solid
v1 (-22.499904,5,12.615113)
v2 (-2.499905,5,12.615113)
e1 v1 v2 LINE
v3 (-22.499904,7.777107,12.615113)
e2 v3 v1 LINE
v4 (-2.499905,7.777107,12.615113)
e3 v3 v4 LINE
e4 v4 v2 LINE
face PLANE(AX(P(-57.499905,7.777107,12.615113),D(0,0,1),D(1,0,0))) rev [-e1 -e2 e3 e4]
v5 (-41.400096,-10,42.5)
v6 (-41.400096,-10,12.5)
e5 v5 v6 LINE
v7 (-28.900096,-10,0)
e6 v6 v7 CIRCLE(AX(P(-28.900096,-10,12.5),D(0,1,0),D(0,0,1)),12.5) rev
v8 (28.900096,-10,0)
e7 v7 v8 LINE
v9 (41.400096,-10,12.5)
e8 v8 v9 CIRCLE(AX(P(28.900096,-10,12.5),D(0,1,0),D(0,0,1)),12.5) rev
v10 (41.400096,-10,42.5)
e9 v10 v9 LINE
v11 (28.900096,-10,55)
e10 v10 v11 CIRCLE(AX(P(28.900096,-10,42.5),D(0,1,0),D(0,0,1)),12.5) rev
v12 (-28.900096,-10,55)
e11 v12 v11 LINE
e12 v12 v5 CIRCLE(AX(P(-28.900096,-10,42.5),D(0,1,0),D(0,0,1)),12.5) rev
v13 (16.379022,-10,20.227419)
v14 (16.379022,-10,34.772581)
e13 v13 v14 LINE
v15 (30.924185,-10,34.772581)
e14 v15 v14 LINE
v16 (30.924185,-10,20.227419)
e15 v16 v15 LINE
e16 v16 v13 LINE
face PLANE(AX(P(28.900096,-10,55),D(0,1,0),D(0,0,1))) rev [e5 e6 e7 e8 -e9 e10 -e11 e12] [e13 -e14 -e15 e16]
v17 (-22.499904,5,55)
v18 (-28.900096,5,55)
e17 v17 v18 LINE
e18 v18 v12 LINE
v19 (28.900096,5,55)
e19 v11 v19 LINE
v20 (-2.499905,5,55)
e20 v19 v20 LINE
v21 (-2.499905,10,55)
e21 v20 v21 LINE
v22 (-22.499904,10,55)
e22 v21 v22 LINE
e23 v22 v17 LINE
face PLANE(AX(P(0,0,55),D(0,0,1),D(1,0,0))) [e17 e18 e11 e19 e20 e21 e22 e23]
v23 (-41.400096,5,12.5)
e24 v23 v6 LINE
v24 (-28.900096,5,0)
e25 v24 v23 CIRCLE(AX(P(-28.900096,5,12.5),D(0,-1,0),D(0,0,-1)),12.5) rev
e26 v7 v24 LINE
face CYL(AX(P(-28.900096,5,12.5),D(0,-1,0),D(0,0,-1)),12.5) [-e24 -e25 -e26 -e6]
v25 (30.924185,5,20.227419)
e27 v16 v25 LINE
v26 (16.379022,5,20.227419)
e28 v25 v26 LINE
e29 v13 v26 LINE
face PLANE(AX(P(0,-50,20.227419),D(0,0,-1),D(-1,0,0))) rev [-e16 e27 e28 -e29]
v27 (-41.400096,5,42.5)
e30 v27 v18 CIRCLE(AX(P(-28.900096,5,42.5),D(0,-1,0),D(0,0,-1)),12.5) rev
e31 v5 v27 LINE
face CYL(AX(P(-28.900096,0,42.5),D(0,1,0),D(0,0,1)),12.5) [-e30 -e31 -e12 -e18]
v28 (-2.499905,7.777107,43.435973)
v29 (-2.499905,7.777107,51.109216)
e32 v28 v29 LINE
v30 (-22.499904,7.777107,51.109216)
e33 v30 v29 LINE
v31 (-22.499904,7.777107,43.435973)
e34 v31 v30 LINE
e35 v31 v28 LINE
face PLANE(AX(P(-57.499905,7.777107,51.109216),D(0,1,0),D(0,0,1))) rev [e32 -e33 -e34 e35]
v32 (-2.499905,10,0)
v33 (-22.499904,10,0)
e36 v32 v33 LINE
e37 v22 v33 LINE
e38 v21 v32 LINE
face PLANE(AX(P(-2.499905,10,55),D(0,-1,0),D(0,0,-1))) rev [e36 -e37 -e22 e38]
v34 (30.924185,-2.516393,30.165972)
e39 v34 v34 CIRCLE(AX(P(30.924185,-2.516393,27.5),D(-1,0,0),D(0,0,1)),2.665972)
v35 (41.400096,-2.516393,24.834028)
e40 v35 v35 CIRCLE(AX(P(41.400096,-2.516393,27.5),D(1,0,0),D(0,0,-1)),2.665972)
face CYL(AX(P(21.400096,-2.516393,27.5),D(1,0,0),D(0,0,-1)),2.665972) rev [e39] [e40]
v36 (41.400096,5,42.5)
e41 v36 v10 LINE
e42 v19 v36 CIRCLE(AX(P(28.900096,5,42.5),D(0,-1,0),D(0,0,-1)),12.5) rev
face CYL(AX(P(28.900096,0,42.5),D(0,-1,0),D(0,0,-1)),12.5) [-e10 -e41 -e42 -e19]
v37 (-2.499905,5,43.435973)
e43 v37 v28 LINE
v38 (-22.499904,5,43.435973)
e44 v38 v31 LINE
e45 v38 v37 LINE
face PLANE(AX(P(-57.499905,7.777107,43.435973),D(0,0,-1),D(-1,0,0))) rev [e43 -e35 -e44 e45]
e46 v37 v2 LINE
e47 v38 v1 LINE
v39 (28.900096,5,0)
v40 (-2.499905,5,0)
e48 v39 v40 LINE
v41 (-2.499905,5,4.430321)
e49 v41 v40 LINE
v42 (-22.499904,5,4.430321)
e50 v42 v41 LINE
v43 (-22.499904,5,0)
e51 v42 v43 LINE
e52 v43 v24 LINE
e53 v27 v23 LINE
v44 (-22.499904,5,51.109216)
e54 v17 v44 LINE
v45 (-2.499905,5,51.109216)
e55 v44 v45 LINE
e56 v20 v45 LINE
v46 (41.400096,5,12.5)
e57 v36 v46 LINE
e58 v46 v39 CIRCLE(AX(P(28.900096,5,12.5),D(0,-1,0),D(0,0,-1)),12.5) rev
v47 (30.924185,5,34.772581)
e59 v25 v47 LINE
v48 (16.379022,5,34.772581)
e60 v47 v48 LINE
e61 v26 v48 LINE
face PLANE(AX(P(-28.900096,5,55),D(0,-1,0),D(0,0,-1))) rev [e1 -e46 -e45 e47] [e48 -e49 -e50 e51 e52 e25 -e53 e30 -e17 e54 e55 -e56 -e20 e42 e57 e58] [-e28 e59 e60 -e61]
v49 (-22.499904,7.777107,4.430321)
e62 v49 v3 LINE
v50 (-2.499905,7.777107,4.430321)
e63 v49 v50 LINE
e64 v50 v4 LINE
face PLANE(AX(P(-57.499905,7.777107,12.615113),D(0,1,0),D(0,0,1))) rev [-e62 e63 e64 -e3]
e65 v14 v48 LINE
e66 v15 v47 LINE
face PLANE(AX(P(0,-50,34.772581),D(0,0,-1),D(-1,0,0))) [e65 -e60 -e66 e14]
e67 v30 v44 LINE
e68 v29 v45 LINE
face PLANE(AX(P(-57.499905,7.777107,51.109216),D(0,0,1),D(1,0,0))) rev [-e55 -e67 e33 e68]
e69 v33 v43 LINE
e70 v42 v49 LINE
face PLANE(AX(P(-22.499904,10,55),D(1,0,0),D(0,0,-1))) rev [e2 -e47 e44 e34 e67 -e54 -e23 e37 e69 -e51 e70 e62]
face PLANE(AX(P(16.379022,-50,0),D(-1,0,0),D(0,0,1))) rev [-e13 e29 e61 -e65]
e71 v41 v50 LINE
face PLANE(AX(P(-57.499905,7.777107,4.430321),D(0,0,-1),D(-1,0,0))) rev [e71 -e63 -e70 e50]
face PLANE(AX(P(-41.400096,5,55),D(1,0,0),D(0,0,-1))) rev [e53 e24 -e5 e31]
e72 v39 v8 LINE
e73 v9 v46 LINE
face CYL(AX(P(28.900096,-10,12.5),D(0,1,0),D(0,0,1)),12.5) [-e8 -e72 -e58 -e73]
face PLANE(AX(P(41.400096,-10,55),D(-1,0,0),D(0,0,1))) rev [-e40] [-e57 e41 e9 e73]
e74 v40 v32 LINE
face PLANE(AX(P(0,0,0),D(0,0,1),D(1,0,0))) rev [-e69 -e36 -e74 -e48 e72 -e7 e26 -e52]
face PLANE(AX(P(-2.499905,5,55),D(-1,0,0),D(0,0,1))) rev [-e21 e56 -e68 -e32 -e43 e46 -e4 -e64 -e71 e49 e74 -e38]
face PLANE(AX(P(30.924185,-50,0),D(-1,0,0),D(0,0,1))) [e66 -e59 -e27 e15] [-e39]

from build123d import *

# Parameters (mm, degrees)
BOSS_EXTRUDE1_DEPTH = 55
SKETCH2_W           = 14.545162339
SKETCH2_H           = 14.545162338
CUT_EXTRUDE1_DEPTH  = 55
SKETCH3_W           = 7.673243051
SKETCH3_H           = 2.777107306
SKETCH3_W_2         = 8.184792588
CUT_EXTRUDE2_DEPTH  = 55
SKETCH4_R           = 2.665972182
CUT_EXTRUDE3_DEPTH  = 20
FILLET1_R           = 12.5


with BuildPart() as part:
    # Sketch1 → Boss-Extrude1 (new body)
    with BuildSketch(Plane.XY):
        Polygon((41.400095641, 5), (28.900095641, 5), (-2.499905164, 5), (-2.499905164, 10), (-22.499903554, 10), (-22.499903554, 5), (-28.900095641, 5), (-41.400095641, 5), (-41.400095641, -10), (-28.900095641, -10), (28.900095641, -10), (41.400095641, -10), align=None)
    extrude(amount=BOSS_EXTRUDE1_DEPTH)

    # Sketch2 → Cut-Extrude1 (cut)
    with BuildSketch(Plane(origin=(0, 5, 0), x_dir=(1, 0, 0), z_dir=(0, 1, 0))):
        with Locations((23.65160359, -27.5)):
            Rectangle(SKETCH2_W, SKETCH2_H)
    extrude(amount=-CUT_EXTRUDE1_DEPTH, mode=Mode.SUBTRACT)

    # Sketch3 → Cut-Extrude2 (cut)
    with BuildSketch(Plane(origin=(-2.499905164, 0, 0), x_dir=(0, 0, -1), z_dir=(1, 0, 0))):
        with Locations((-47.272594324, 6.388553653)):
            Rectangle(SKETCH3_W, SKETCH3_H)
        with Locations((-8.522716918, 6.388553653)):
            Rectangle(SKETCH3_W_2, SKETCH3_H)
    extrude(amount=-CUT_EXTRUDE2_DEPTH, mode=Mode.SUBTRACT)

    # Sketch4 → Cut-Extrude3 (cut)
    with BuildSketch(Plane(origin=(41.400095641, 0, 0), x_dir=(0, 0, -1), z_dir=(1, 0, 0))):
        with Locations((-27.5, -2.516392759)):
            Circle(SKETCH4_R)
    extrude(amount=-CUT_EXTRUDE3_DEPTH, mode=Mode.SUBTRACT)

    # Fillet1
    fillet1_edges = [part.edges().sort_by_distance(p)[0] for p in [
        (-41.400095641, -2.5, 0),
        (41.400095641, -2.5, 0),
        (-41.400095641, -2.5, 55),
        (41.400095641, -2.5, 55),
    ]]
    fillet(fillet1_edges, radius=FILLET1_R)


solid = part.part
